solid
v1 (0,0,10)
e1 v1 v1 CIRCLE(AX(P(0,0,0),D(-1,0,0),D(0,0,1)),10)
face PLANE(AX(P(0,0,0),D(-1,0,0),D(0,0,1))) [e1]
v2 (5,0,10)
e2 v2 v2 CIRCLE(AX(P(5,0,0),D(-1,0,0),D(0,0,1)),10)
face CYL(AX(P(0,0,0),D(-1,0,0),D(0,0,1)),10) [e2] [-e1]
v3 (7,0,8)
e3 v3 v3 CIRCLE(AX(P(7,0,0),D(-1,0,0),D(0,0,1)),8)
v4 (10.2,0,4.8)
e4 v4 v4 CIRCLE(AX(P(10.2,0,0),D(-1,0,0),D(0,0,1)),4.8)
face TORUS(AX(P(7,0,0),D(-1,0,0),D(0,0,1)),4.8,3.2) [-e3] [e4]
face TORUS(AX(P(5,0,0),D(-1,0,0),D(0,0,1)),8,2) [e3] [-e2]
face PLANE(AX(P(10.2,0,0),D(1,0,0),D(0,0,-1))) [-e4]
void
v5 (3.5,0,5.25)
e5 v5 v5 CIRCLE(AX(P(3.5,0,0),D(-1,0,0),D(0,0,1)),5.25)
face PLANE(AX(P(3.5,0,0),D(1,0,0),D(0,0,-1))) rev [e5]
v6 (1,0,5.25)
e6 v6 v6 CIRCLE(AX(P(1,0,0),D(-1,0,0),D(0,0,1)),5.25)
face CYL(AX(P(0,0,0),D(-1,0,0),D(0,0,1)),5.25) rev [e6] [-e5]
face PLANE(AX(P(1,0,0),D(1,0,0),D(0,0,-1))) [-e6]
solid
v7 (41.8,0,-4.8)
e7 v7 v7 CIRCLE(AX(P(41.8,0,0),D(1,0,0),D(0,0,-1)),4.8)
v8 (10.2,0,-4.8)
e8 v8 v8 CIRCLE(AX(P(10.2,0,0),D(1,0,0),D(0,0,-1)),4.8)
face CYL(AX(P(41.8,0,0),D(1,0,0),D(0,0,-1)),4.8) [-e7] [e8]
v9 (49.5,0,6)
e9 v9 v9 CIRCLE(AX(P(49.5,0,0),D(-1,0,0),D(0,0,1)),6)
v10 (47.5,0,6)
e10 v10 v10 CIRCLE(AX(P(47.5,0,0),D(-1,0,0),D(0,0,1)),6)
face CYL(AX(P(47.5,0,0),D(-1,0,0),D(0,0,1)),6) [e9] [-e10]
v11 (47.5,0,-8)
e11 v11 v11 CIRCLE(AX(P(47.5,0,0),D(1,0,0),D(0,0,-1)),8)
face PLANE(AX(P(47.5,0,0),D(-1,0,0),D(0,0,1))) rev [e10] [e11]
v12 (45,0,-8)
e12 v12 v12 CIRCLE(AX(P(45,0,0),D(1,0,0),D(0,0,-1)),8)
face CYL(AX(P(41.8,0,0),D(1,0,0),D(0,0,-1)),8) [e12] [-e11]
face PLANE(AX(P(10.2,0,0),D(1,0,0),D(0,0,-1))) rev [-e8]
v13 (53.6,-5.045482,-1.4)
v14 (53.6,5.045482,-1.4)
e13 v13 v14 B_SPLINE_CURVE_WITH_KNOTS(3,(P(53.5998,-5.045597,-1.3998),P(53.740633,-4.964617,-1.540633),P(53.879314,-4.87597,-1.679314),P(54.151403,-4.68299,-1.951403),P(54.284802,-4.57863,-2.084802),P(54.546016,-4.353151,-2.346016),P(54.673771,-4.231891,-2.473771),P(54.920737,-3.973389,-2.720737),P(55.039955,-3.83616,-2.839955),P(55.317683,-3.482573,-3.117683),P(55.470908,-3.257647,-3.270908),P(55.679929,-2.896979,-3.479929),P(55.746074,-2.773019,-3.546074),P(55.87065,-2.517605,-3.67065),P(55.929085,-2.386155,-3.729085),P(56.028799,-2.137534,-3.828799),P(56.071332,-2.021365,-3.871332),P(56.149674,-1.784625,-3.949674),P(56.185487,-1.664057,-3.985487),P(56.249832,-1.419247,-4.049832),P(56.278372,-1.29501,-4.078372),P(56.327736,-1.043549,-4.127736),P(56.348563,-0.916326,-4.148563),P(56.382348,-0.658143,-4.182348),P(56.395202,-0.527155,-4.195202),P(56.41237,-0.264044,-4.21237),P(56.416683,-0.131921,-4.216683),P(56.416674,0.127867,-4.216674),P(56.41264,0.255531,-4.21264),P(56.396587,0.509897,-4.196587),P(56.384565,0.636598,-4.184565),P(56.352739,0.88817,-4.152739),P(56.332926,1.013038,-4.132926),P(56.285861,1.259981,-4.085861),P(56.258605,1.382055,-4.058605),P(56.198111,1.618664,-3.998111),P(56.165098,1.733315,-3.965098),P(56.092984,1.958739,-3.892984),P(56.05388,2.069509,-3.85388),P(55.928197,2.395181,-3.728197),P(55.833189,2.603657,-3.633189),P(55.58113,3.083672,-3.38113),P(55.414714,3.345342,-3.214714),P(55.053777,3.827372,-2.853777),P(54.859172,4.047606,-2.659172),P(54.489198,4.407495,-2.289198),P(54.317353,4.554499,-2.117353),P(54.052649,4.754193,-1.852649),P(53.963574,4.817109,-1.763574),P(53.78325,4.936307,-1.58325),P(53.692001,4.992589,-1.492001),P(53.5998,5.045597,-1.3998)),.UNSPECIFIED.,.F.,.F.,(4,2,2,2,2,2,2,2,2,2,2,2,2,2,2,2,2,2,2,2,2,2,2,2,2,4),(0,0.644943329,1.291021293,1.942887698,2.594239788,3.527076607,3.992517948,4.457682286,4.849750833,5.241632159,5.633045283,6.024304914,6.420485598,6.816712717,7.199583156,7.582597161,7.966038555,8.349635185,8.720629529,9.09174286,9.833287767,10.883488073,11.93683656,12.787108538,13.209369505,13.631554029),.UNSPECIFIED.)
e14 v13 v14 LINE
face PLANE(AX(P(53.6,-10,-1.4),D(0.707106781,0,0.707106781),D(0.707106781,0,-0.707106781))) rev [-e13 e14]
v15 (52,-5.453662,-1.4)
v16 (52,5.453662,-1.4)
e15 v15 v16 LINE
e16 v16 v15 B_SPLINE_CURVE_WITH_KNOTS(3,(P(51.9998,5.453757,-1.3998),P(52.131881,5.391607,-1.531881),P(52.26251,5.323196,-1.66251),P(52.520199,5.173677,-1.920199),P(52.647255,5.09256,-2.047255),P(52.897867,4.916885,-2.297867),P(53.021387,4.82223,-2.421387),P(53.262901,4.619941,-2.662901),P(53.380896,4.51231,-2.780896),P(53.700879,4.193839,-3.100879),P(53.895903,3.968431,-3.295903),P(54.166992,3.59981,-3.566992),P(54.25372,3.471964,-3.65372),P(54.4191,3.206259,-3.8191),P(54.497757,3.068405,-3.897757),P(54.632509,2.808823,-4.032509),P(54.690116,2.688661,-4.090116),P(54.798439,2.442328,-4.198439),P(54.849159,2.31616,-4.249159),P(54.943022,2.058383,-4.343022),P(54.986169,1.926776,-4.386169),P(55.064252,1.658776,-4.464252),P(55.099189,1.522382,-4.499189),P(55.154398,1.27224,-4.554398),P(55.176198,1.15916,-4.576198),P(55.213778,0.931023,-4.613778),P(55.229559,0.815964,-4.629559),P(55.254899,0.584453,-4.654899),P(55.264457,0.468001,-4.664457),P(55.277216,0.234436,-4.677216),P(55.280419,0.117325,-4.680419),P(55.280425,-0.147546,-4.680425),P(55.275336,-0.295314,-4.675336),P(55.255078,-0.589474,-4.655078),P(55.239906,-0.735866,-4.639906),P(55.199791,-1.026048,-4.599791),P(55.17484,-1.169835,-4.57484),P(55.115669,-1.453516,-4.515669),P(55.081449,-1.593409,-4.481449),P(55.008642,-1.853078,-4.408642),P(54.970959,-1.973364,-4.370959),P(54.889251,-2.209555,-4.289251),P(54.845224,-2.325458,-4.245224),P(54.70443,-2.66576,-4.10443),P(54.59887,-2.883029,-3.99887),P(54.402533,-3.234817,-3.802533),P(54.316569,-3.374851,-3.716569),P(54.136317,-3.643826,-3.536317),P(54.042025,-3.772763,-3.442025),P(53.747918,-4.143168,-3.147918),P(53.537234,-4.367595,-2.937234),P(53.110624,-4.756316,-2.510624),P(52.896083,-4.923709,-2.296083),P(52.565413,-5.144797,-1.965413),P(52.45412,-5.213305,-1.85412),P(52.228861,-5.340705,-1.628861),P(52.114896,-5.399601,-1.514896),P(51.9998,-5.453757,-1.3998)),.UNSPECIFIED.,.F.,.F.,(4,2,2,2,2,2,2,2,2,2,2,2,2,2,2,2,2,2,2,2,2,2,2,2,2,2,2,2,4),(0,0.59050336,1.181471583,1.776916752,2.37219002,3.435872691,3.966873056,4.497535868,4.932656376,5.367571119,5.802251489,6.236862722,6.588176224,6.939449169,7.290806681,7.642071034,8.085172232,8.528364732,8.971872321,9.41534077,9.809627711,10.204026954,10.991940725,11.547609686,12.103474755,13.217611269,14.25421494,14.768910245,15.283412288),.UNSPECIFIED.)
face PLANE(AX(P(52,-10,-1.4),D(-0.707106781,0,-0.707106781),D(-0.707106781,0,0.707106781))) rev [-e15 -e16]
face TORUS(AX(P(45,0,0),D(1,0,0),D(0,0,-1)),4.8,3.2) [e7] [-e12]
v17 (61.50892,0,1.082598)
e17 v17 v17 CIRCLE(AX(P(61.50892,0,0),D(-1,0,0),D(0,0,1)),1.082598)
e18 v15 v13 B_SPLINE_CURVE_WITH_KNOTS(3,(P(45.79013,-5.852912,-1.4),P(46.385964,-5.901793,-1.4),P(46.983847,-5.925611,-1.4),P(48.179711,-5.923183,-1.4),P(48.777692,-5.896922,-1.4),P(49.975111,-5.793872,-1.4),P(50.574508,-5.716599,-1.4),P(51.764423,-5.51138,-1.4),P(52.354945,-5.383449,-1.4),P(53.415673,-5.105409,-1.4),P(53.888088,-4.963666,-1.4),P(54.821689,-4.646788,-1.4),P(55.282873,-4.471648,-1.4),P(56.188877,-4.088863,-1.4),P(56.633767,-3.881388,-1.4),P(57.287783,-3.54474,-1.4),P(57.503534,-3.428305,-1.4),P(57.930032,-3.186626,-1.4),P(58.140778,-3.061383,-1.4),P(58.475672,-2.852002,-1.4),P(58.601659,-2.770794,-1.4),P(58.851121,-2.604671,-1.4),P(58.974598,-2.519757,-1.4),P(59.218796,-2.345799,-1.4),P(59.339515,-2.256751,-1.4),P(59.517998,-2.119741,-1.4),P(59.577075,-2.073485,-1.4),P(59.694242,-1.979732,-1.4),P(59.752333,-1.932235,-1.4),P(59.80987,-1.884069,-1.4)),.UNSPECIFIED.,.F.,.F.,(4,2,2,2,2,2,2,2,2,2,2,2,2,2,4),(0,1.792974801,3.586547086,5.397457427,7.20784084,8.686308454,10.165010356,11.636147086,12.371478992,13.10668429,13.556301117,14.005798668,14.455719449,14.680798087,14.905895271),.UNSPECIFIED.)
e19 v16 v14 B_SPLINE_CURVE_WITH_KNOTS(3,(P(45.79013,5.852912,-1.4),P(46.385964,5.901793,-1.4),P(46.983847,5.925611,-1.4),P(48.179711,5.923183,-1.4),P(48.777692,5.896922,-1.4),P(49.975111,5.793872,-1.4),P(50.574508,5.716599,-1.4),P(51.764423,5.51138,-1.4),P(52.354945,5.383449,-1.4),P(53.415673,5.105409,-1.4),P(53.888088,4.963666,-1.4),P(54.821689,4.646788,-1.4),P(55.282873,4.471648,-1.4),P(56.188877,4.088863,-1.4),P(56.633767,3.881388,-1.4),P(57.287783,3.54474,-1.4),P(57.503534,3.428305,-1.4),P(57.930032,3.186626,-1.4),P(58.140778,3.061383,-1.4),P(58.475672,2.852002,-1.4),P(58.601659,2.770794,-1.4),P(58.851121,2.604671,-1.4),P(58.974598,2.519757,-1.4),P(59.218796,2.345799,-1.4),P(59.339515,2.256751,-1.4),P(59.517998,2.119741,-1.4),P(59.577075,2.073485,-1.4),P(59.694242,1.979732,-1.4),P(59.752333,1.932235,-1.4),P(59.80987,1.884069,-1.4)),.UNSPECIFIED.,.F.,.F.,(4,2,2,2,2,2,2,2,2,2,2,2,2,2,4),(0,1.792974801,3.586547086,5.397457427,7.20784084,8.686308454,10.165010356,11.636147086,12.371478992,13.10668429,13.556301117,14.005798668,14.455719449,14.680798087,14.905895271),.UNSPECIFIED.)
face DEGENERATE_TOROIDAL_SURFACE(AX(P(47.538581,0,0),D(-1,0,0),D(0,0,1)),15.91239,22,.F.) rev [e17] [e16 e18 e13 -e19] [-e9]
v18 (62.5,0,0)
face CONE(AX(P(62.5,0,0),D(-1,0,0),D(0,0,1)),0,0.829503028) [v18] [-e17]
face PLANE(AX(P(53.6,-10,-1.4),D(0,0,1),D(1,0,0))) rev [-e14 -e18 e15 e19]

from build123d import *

# Parameters (mm, degrees)
SKETCH_990_W        = 31.6
SKETCH_990_H        = 4.8
SKETCH_990_W_2      = 2.5
SKETCH_990_H_2      = 8
CUT_EXTRUDE_3_DEPTH = 10


with BuildPart() as part:
    # Sketch 1486 → Повернуть1 (revolve)
    with BuildSketch(Plane(origin=(0, 0, 0), x_dir=(1, 0, 0), z_dir=(0, 1, 0)), mode=Mode.PRIVATE) as revolve_1_sk:
        with BuildLine():
            Line((47.5, 6), (49.5, 6))
            ThreePointArc((49.5, 6), (55.875273415, 4.446872371), (61.508920276, 1.082598365))
            Line((61.508920276, 1.082598365), (62.5, 0))
            Line((62.5, 0), (47.5, 0))
            Line((47.5, 0), (47.5, 6))
        make_face()
    revolve(revolve_1_sk.sketch.rotate(Axis((47.5, 0, 0), (1, 0, 0)), 180), axis=Axis((47.5, 0, 0), (1, 0, 0)))

    # Sketch 990 → Повернуть2 (revolve)
    with BuildSketch(Plane(origin=(0, 0, 0), x_dir=(1, 0, 0), z_dir=(0, 1, 0))):
        with Locations((26, 2.4)):
            Rectangle(SKETCH_990_W, SKETCH_990_H)
        with BuildLine():
            ThreePointArc((41.8, 4.8), (42.7372583, 7.0627417), (45, 8))
            Line((45, 8), (45, 0))
            Line((45, 0), (41.8, 0))
            Line((41.8, 0), (41.8, 4.8))
        make_face()
        with Locations((46.25, 4)):
            Rectangle(SKETCH_990_W_2, SKETCH_990_H_2)
    revolve(axis=Axis((41.8, 0, 0), (-1, 0, 0)))

    # Sketch 1793 → Вырез-Вытянуть3 (cut)
    with BuildSketch(Plane(origin=(0, 0, 0), x_dir=(1, 0, 0), z_dir=(0, 1, 0))):
        with BuildLine():
            Line((52, 1.4), (55.280421932, 4.680421932))
            ThreePointArc((55.280421932, 4.680421932), (55.851784453, 4.456474796), (56.416678349, 4.216678349))
            Line((56.416678349, 4.216678349), (53.6, 1.4))
            Line((53.6, 1.4), (52, 1.4))
        make_face()
    cut_extrude_3 = extrude(amount=-CUT_EXTRUDE_3_DEPTH, mode=Mode.SUBTRACT)

    # Зеркальное отражение1: Вырез-Вытянуть3 across plane
    add(cut_extrude_3.mirror(Plane(origin=(47.538581362, 0, 15.912390032), x_dir=(0, 0, 1), z_dir=(0, -1, 0))), mode=Mode.SUBTRACT)


with BuildPart() as body_2:
    # Sketch 159 → Повернуть3 (revolve)
    with BuildSketch(Plane(origin=(0, 0, 0), x_dir=(1, 0, 0), z_dir=(0, 1, 0)), mode=Mode.PRIVATE) as revolve_3_sk:
        Polygon((0, 10), (0, 0), (1, 0), (1, 5.25), (3.5, 5.25), (3.5, 0), (5, 0), (5, 10), align=None)
        with BuildLine():
            ThreePointArc((7, 8), (6.414213562, 9.414213562), (5, 10))
            Line((5, 10), (5, 0))
            Line((5, 0), (7, 0))
            Line((7, 0), (7, 8))
        make_face()
        with BuildLine():
            ThreePointArc((10.2, 4.8), (9.2627417, 7.0627417), (7, 8))
            Line((7, 8), (7, 0))
            Line((7, 0), (10.2, 0))
            Line((10.2, 0), (10.2, 4.8))
        make_face()
    revolve(revolve_3_sk.sketch.rotate(Axis((0, 0, 0), (1, 0, 0)), 180), axis=Axis((0, 0, 0), (1, 0, 0)))


solid = Compound([part.part, body_2.part])
